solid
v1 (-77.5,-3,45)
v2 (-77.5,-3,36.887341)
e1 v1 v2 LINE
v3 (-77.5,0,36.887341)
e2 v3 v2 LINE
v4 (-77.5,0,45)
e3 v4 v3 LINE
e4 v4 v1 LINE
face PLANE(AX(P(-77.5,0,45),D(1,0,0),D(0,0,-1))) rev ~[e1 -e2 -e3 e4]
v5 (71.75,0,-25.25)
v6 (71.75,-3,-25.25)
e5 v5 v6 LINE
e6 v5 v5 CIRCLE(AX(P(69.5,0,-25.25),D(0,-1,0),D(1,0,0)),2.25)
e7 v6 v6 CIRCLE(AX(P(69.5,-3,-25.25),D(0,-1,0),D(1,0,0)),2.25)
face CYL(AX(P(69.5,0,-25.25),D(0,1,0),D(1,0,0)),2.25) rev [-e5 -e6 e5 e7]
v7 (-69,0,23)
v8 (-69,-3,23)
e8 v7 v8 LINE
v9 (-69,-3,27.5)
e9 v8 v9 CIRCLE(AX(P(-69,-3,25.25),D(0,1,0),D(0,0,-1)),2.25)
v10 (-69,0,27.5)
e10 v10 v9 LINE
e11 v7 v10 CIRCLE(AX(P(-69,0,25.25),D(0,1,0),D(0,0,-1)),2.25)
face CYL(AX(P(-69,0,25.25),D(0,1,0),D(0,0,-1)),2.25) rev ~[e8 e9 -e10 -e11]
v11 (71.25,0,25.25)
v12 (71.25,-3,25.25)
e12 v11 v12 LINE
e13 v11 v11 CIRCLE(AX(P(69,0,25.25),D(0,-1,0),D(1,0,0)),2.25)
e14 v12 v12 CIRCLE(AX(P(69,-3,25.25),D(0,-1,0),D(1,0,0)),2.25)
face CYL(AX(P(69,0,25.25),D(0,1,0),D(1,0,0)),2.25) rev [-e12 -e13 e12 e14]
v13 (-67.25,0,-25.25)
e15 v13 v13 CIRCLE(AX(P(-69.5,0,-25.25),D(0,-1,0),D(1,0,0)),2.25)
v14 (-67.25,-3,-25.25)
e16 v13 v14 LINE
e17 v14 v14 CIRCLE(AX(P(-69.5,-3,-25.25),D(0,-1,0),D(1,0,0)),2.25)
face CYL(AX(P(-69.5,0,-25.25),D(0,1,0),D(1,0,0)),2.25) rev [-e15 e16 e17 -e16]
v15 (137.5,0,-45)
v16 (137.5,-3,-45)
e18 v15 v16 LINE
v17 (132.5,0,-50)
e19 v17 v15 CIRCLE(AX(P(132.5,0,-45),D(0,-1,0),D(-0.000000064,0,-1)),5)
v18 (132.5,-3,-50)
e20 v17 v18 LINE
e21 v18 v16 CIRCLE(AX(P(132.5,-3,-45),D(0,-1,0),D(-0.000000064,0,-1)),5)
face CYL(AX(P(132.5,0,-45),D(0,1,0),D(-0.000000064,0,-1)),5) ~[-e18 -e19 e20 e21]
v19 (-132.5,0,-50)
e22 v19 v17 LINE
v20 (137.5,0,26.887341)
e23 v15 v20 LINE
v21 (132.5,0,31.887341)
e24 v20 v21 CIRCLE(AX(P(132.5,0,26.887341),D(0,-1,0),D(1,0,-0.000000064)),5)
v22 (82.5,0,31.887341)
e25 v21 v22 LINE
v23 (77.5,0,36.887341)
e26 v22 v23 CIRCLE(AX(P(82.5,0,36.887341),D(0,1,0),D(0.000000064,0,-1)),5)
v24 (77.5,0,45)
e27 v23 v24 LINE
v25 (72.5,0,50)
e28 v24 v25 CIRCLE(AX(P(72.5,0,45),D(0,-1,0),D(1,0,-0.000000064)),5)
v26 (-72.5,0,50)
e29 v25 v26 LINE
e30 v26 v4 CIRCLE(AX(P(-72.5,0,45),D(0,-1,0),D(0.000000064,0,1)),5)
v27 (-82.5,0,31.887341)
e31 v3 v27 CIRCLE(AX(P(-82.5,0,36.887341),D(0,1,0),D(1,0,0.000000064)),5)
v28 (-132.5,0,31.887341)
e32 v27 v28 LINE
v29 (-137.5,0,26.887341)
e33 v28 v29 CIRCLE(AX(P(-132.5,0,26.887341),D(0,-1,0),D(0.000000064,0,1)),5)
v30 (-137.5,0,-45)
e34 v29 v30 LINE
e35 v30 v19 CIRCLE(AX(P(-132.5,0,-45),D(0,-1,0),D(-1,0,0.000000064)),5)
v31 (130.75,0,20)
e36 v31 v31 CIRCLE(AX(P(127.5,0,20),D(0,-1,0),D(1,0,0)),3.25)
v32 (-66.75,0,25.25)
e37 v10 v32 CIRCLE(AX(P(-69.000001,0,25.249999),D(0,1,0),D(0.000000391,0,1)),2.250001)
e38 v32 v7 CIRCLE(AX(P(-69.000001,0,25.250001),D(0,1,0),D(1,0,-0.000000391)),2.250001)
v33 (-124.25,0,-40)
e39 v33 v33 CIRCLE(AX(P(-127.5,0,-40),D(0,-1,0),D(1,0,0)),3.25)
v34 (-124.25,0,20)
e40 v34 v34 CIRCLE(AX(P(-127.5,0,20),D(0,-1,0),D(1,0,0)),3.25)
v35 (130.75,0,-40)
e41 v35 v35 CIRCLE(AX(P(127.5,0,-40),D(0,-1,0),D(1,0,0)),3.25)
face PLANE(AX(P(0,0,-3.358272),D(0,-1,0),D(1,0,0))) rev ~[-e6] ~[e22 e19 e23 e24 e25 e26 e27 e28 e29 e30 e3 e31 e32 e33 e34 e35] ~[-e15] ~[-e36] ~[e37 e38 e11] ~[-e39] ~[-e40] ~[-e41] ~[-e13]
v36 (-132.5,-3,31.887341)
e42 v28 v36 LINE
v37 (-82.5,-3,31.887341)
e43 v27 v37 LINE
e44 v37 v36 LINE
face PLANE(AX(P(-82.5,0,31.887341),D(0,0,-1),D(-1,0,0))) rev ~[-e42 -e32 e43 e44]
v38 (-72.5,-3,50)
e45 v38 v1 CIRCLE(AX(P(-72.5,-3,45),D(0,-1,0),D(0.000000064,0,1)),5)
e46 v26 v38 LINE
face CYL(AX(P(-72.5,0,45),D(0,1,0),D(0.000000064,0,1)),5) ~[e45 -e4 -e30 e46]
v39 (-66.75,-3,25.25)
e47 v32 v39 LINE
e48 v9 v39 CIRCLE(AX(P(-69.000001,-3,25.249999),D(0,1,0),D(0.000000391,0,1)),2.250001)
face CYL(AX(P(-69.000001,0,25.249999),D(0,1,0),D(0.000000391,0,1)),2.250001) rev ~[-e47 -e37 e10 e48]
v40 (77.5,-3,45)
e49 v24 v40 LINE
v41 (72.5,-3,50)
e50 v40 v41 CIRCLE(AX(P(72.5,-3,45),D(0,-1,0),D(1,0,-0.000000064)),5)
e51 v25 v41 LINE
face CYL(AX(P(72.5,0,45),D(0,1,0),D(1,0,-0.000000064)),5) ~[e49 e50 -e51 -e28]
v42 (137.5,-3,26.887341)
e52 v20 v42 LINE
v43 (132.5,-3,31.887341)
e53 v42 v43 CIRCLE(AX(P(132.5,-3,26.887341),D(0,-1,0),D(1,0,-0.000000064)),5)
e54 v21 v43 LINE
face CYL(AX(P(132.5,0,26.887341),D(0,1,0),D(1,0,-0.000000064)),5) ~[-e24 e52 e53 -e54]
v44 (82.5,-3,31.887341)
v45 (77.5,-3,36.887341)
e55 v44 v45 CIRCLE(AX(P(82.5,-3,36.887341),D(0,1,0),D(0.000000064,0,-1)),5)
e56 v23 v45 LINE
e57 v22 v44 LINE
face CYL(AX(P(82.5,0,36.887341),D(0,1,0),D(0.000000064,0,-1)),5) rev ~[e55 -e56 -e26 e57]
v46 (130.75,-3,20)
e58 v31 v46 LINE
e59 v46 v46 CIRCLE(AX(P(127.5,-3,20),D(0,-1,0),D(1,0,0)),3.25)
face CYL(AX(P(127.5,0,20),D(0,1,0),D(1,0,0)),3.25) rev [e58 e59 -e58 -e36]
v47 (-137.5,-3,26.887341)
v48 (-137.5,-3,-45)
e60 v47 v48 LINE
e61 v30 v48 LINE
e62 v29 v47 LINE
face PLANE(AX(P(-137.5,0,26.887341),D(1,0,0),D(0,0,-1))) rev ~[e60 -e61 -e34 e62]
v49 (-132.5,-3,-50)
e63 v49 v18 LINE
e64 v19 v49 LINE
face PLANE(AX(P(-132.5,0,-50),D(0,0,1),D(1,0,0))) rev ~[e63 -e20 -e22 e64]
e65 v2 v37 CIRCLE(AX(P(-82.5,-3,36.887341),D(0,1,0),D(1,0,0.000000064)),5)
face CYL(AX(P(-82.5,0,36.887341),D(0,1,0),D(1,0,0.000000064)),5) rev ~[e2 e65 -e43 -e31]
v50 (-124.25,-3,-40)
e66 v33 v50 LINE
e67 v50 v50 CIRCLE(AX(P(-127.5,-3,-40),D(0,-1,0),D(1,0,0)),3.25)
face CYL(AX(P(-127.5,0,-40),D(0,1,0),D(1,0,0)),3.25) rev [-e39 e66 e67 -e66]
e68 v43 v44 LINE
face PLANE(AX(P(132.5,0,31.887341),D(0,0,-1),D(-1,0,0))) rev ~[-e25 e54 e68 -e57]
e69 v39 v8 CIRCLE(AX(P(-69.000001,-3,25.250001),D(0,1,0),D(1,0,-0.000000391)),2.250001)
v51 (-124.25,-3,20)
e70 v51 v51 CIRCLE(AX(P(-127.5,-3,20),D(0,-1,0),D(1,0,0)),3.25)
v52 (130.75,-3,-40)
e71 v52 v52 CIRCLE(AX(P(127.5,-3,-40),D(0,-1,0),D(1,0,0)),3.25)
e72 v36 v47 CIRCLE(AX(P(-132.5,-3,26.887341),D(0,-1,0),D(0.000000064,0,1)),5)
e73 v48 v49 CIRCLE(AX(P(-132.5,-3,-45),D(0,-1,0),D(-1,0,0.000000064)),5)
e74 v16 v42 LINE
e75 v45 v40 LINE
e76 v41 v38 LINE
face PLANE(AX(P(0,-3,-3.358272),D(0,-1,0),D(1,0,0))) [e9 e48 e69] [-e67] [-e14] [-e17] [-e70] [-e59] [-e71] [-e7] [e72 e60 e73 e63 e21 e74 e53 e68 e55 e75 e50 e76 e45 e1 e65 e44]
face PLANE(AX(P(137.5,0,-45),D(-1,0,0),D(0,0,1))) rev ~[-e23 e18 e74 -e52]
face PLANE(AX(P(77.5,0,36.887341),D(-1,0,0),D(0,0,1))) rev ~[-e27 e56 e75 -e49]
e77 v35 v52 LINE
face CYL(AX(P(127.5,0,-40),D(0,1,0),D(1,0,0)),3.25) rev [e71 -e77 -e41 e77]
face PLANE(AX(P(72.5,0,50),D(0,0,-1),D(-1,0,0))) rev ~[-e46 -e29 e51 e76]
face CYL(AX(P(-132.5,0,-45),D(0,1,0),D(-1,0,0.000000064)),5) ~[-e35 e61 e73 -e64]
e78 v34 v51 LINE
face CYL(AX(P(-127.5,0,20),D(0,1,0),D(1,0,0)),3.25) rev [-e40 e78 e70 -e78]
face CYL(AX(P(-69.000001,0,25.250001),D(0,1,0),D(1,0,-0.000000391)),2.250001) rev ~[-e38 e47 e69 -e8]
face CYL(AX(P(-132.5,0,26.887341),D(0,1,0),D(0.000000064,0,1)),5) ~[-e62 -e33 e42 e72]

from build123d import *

# Parameters (mm, degrees)
F0_R     = 3.25
F0_R_2   = 2.25
F1_DEPTH = 3


with BuildPart() as f1:
    # F0 (on Front) → F1 (new body)
    with BuildSketch(Plane.XZ):
        with BuildLine():
            Line((-132.5, -50), (132.5, -50))
            ThreePointArc((132.5, -50), (136.035534, -48.535534), (137.5, -45))
            Line((137.5, -45), (137.5, 26.887341))
            ThreePointArc((137.5, 26.887341), (136.035534, 30.422875), (132.5, 31.887341))
            Line((132.5, 31.887341), (82.5, 31.887341))
            ThreePointArc((82.5, 31.887341), (78.964466, 33.351807), (77.5, 36.887341))
            Line((77.5, 36.887341), (77.5, 45))
            ThreePointArc((77.5, 45), (76.035534, 48.535534), (72.5, 50))
            Line((72.5, 50), (-72.5, 50))
            ThreePointArc((-72.5, 50), (-76.035534, 48.535534), (-77.5, 45))
            Line((-77.5, 45), (-77.5, 36.887341))
            ThreePointArc((-77.5, 36.887341), (-78.964466, 33.351807), (-82.5, 31.887341))
            Line((-82.5, 31.887341), (-132.5, 31.887341))
            ThreePointArc((-132.5, 31.887341), (-136.035534, 30.422875), (-137.5, 26.887341))
            Line((-137.5, 26.887341), (-137.5, -45))
            ThreePointArc((-137.5, -45), (-136.035534, -48.535534), (-132.5, -50))
        make_face()
        with Locations((-127.5, -40)):
            Circle(F0_R, mode=Mode.SUBTRACT)
        with Locations((-69.5, -25.25)):
            Circle(F0_R_2, mode=Mode.SUBTRACT)
        with Locations((127.5, -40)):
            Circle(F0_R, mode=Mode.SUBTRACT)
        with Locations((69.5, -25.25)):
            Circle(F0_R_2, mode=Mode.SUBTRACT)
        with Locations((-127.5, 20)):
            Circle(F0_R, mode=Mode.SUBTRACT)
        with BuildLine():
            ThreePointArc((-69, 27.5), (-67.40901, 26.84099), (-66.75, 25.25))
            ThreePointArc((-66.75, 25.25), (-67.40901, 23.65901), (-69, 23))
            ThreePointArc((-69, 23), (-71.25, 25.25), (-69, 27.5))
        make_face(mode=Mode.SUBTRACT)
        with Locations((127.5, 20)):
            Circle(F0_R, mode=Mode.SUBTRACT)
        with Locations((69, 25.25)):
            Circle(F0_R_2, mode=Mode.SUBTRACT)
    extrude(amount=F1_DEPTH)


solid = f1.part
